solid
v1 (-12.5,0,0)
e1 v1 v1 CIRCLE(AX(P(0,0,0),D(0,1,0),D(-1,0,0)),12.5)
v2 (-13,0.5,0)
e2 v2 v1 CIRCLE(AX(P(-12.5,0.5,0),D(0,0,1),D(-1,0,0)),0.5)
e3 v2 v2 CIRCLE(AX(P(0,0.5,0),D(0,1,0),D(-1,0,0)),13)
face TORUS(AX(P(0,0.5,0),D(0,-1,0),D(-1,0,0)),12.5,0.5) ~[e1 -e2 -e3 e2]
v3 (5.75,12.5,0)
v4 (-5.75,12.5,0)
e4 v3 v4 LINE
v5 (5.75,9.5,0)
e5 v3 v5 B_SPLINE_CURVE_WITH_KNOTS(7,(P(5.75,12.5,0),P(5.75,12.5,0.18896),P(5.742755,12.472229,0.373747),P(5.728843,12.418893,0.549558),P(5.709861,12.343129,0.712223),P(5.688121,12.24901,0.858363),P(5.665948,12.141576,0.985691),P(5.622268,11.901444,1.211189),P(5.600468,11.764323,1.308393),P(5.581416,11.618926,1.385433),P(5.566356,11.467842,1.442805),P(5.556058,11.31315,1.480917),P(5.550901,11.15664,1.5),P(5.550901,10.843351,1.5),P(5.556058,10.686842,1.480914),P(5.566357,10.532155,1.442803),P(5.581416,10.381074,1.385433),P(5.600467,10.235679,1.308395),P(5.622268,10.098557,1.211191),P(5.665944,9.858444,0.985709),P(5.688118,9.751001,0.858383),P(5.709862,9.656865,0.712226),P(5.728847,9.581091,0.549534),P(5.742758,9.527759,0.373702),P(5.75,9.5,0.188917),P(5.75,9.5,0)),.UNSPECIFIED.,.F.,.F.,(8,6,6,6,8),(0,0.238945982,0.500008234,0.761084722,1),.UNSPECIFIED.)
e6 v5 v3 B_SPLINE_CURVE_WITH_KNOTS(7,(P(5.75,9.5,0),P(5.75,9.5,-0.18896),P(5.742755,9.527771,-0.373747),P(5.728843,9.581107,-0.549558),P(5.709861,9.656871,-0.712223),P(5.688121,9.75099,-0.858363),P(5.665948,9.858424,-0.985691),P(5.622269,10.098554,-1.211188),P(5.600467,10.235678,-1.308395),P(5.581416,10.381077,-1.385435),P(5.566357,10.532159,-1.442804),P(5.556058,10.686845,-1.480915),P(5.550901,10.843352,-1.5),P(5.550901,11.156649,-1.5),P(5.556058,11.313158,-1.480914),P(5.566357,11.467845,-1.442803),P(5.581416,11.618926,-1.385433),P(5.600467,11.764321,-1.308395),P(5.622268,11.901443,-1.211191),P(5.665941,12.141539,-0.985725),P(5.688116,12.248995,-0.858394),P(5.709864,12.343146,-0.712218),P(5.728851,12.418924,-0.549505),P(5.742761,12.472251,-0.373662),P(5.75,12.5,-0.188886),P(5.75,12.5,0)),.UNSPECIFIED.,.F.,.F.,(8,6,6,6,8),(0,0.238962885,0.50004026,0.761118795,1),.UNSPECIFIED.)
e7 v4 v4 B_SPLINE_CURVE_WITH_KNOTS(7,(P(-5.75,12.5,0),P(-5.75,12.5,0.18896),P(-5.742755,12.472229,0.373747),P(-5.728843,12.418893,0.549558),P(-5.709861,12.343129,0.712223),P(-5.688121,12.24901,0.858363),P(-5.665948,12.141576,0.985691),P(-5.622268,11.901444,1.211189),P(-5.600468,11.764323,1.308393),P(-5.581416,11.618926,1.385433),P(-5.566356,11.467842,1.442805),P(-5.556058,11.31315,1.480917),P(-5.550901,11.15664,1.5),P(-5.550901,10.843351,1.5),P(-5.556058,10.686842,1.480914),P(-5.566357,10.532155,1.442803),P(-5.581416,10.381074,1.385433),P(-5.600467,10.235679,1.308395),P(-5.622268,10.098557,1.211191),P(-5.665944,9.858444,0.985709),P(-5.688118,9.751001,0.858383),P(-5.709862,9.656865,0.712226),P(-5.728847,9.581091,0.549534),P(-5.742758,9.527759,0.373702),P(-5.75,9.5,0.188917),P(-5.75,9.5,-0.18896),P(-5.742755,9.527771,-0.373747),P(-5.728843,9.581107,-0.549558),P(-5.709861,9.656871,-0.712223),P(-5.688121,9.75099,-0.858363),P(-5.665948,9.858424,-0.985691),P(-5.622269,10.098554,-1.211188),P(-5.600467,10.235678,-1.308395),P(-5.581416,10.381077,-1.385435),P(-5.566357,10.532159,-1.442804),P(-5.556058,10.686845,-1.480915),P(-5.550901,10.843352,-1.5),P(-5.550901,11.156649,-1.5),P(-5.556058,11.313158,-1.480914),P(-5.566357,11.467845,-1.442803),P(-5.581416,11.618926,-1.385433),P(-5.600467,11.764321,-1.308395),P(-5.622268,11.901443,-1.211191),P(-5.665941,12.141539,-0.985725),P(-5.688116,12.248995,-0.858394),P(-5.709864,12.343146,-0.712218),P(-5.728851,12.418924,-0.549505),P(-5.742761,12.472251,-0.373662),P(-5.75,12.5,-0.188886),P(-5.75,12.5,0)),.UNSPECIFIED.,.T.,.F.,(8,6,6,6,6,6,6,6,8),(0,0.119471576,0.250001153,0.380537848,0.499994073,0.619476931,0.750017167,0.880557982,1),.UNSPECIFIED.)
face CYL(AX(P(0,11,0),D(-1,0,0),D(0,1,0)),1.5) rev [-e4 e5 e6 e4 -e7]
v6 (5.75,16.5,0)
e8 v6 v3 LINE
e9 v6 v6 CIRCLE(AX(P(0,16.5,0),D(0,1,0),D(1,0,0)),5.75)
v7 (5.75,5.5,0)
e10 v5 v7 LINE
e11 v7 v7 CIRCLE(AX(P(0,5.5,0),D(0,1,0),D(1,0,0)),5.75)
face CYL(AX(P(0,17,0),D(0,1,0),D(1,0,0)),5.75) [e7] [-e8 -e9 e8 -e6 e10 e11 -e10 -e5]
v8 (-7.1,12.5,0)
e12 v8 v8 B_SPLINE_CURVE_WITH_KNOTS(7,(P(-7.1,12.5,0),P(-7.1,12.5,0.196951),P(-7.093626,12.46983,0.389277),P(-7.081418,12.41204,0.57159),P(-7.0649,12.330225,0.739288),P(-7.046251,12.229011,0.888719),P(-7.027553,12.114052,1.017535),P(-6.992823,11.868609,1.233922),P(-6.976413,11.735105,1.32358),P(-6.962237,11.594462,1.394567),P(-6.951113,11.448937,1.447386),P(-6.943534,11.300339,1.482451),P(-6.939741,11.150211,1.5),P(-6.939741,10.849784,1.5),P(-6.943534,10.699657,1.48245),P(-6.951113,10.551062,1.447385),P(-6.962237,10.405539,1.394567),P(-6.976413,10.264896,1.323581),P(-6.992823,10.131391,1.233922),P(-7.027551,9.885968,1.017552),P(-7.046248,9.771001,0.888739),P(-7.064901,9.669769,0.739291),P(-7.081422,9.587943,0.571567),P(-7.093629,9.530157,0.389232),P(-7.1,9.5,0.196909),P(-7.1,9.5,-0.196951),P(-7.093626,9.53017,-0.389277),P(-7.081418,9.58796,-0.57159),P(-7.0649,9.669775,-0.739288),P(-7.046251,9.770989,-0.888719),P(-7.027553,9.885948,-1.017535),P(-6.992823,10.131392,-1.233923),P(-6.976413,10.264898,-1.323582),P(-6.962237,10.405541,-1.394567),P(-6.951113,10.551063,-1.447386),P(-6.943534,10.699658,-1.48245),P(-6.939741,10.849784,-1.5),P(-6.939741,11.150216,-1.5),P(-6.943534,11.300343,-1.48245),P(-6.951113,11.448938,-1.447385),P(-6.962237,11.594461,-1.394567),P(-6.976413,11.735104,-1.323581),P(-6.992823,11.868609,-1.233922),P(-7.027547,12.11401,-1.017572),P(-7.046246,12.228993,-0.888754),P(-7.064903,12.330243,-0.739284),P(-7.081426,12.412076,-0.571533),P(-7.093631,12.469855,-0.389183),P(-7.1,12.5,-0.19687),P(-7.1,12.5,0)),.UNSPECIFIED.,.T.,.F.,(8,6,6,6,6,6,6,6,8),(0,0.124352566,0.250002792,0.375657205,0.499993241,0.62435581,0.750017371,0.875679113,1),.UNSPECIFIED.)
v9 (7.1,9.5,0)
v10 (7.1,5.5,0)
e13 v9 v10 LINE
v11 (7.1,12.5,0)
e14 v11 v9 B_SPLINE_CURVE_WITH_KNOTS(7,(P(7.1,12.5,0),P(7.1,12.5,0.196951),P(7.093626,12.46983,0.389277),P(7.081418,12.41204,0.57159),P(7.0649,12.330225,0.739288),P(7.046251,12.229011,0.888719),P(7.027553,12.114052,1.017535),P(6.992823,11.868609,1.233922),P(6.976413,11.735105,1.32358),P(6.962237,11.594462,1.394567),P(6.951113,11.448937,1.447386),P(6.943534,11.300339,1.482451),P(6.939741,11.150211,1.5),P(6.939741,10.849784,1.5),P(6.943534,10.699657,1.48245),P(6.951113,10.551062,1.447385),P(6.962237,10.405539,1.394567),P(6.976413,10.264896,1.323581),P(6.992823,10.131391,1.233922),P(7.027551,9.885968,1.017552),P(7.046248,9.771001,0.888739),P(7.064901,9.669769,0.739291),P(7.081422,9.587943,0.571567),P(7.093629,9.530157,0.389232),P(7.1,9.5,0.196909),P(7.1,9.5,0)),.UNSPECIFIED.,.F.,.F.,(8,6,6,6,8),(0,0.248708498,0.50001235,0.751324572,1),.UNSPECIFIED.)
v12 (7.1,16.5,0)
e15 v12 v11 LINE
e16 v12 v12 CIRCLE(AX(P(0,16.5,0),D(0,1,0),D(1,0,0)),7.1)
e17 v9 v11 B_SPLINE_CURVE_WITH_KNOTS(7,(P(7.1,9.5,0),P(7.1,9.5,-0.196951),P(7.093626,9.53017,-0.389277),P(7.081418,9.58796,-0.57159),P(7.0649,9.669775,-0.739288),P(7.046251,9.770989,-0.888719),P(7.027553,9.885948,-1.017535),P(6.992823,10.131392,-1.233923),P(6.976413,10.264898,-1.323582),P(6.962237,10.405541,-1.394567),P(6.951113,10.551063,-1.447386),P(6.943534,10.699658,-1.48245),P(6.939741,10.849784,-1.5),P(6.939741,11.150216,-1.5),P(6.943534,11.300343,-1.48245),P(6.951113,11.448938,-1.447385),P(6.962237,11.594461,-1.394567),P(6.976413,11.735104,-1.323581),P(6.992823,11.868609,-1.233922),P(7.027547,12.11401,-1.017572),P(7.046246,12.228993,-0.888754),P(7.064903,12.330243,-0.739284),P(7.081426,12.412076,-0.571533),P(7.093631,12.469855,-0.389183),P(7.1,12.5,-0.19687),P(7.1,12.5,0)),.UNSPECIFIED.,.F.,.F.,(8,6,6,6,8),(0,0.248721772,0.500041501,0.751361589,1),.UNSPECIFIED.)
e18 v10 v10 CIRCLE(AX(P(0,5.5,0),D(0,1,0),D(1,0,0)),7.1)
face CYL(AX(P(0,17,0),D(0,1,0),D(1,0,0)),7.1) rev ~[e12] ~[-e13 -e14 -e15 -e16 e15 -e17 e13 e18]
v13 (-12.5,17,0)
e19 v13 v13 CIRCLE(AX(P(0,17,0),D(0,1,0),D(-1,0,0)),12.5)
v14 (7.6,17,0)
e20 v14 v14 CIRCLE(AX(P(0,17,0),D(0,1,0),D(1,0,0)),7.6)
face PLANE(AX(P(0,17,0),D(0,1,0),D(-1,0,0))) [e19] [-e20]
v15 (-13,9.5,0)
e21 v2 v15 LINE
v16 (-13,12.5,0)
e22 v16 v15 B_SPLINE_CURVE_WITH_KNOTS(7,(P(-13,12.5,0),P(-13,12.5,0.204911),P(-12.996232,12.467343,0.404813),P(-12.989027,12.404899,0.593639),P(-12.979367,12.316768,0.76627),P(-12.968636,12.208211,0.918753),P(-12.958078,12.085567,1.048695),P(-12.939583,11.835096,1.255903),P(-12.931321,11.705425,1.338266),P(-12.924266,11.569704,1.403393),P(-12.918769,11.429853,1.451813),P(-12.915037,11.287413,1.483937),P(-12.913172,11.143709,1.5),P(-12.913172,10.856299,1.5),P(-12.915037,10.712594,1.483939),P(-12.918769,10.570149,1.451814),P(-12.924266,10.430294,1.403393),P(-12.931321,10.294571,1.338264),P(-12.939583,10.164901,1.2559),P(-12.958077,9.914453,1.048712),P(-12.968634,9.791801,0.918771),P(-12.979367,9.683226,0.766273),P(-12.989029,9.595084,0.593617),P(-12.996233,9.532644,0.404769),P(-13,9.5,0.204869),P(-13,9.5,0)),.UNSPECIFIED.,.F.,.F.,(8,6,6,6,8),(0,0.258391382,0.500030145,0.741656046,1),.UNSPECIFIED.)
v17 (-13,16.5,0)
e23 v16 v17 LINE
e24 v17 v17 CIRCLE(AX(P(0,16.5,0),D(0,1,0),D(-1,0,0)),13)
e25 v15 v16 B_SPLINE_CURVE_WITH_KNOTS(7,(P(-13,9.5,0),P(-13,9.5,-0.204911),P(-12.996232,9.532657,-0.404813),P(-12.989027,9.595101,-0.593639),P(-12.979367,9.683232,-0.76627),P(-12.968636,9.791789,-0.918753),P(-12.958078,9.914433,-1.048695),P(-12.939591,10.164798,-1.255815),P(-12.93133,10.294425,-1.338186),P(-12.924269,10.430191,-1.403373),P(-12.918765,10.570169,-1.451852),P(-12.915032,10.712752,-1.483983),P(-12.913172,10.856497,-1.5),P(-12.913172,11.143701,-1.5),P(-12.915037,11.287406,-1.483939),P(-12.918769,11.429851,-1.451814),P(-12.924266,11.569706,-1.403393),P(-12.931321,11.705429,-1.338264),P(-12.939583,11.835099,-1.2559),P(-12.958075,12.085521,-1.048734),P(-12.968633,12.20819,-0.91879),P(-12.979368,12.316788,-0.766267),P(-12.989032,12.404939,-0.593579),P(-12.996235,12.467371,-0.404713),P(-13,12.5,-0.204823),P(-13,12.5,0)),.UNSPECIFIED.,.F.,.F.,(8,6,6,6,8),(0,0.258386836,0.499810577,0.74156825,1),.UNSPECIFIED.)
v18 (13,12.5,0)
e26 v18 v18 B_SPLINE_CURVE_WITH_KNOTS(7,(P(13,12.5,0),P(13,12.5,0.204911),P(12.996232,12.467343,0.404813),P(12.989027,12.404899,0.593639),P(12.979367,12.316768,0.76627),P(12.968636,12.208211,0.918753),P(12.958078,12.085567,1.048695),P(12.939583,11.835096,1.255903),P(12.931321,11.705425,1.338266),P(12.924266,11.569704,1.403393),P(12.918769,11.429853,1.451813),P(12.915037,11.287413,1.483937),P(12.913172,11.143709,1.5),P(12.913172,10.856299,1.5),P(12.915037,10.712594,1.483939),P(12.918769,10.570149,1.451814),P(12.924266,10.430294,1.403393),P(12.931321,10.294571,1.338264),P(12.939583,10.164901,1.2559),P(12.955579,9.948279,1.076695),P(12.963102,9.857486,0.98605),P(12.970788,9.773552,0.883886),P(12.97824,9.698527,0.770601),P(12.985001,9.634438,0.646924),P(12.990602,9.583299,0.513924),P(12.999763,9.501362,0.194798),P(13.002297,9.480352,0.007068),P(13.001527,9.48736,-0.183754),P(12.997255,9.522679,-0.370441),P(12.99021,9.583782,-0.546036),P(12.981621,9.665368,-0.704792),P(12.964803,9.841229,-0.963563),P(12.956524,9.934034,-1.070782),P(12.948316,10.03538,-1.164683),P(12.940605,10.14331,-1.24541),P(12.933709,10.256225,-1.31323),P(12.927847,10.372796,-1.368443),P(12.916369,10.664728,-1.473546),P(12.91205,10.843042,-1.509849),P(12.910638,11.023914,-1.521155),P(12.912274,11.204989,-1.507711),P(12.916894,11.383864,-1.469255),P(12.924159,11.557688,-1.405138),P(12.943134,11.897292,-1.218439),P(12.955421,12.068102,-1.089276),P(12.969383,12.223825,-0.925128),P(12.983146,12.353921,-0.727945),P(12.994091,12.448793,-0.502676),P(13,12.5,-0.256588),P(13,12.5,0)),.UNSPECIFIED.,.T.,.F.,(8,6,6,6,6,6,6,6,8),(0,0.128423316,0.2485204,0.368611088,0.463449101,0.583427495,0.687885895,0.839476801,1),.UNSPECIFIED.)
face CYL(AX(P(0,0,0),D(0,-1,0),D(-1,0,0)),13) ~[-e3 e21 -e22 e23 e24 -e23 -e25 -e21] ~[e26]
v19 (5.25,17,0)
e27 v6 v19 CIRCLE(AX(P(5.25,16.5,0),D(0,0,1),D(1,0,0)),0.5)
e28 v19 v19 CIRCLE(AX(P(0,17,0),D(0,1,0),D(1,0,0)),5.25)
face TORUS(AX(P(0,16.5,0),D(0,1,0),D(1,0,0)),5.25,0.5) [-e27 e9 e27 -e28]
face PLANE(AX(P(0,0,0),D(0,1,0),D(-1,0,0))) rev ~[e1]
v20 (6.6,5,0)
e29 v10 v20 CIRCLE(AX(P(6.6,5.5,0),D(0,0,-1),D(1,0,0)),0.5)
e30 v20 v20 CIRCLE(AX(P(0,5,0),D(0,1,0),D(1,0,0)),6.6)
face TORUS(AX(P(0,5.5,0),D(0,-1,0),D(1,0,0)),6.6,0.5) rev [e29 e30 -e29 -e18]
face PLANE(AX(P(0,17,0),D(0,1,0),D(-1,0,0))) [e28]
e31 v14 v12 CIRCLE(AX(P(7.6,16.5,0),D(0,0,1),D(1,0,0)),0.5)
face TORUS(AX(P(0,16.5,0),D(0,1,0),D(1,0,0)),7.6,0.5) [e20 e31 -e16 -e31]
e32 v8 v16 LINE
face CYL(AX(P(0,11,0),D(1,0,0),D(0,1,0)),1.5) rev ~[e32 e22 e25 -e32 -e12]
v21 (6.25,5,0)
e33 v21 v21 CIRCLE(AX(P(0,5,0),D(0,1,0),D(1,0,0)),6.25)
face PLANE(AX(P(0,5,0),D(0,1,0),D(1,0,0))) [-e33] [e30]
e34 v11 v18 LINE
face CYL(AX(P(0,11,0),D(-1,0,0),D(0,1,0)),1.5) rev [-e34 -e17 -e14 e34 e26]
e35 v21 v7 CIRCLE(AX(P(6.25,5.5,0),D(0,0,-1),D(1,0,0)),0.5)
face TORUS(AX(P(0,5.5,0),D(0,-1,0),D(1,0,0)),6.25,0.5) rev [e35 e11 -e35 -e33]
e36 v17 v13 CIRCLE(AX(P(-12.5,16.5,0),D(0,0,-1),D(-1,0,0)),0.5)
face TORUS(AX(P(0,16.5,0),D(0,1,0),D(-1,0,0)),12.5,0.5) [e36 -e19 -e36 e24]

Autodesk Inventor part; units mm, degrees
ref_plane "YZ Plane" through (0, 0, 0) normal (1, 0, 0) x (0, 1, 0)
ref_plane "XZ Plane" through (0, 0, 0) normal (0, 1, 0) x (-1, 0, 0)
ref_plane "XY Plane" through (0, 0, 0) normal (0, 0, 1) x (1, 0, 0)
sketch "Esquisse1" plane through (0, 0, 0) normal (0, 1, 0) x (-1, 0, 0)
  circle A0 centre (0, 0) radius 13
  dimension "d0" = 26
extrude "Extrusion1" add sketch "Esquisse1" along normal blind 17
sketch "Esquisse2" plane through (0, 17, 0) normal (0, 1, 0) x (1, 0, 0)
  circle A0 centre (0, 0) radius 5.75
  circle A1 centre (0, 0) radius 7.1
  dimension "d3" = 11.5
  dimension "d4" = 14.2
extrude "Extrusion2" cut sketch "Esquisse2" against normal blind 12
fillet "Congé1" radius 0.5 6 edges at (13, 17, 0) (-5.75, 17, 0) (-7.1, 17, 0) (13, 0, 0) (-7.1, 5, 0) (-5.75, 5, 0)
sketch "Esquisse3" plane through (0, 0, 0) normal (1, 0, 0) x (0, 1, 0)
  circle A0 centre (11, 0) radius 1.5
  line L0 (17, 12.5) -> (17, -12.5) projected
  point P0 (0, 0)
  dimension "d8" = 3
  dimension "d9" = 6
extrude "Extrusion3" cut sketch "Esquisse3" along normal through all both and the other way through all
properties part number "attache_finaxe_central"
